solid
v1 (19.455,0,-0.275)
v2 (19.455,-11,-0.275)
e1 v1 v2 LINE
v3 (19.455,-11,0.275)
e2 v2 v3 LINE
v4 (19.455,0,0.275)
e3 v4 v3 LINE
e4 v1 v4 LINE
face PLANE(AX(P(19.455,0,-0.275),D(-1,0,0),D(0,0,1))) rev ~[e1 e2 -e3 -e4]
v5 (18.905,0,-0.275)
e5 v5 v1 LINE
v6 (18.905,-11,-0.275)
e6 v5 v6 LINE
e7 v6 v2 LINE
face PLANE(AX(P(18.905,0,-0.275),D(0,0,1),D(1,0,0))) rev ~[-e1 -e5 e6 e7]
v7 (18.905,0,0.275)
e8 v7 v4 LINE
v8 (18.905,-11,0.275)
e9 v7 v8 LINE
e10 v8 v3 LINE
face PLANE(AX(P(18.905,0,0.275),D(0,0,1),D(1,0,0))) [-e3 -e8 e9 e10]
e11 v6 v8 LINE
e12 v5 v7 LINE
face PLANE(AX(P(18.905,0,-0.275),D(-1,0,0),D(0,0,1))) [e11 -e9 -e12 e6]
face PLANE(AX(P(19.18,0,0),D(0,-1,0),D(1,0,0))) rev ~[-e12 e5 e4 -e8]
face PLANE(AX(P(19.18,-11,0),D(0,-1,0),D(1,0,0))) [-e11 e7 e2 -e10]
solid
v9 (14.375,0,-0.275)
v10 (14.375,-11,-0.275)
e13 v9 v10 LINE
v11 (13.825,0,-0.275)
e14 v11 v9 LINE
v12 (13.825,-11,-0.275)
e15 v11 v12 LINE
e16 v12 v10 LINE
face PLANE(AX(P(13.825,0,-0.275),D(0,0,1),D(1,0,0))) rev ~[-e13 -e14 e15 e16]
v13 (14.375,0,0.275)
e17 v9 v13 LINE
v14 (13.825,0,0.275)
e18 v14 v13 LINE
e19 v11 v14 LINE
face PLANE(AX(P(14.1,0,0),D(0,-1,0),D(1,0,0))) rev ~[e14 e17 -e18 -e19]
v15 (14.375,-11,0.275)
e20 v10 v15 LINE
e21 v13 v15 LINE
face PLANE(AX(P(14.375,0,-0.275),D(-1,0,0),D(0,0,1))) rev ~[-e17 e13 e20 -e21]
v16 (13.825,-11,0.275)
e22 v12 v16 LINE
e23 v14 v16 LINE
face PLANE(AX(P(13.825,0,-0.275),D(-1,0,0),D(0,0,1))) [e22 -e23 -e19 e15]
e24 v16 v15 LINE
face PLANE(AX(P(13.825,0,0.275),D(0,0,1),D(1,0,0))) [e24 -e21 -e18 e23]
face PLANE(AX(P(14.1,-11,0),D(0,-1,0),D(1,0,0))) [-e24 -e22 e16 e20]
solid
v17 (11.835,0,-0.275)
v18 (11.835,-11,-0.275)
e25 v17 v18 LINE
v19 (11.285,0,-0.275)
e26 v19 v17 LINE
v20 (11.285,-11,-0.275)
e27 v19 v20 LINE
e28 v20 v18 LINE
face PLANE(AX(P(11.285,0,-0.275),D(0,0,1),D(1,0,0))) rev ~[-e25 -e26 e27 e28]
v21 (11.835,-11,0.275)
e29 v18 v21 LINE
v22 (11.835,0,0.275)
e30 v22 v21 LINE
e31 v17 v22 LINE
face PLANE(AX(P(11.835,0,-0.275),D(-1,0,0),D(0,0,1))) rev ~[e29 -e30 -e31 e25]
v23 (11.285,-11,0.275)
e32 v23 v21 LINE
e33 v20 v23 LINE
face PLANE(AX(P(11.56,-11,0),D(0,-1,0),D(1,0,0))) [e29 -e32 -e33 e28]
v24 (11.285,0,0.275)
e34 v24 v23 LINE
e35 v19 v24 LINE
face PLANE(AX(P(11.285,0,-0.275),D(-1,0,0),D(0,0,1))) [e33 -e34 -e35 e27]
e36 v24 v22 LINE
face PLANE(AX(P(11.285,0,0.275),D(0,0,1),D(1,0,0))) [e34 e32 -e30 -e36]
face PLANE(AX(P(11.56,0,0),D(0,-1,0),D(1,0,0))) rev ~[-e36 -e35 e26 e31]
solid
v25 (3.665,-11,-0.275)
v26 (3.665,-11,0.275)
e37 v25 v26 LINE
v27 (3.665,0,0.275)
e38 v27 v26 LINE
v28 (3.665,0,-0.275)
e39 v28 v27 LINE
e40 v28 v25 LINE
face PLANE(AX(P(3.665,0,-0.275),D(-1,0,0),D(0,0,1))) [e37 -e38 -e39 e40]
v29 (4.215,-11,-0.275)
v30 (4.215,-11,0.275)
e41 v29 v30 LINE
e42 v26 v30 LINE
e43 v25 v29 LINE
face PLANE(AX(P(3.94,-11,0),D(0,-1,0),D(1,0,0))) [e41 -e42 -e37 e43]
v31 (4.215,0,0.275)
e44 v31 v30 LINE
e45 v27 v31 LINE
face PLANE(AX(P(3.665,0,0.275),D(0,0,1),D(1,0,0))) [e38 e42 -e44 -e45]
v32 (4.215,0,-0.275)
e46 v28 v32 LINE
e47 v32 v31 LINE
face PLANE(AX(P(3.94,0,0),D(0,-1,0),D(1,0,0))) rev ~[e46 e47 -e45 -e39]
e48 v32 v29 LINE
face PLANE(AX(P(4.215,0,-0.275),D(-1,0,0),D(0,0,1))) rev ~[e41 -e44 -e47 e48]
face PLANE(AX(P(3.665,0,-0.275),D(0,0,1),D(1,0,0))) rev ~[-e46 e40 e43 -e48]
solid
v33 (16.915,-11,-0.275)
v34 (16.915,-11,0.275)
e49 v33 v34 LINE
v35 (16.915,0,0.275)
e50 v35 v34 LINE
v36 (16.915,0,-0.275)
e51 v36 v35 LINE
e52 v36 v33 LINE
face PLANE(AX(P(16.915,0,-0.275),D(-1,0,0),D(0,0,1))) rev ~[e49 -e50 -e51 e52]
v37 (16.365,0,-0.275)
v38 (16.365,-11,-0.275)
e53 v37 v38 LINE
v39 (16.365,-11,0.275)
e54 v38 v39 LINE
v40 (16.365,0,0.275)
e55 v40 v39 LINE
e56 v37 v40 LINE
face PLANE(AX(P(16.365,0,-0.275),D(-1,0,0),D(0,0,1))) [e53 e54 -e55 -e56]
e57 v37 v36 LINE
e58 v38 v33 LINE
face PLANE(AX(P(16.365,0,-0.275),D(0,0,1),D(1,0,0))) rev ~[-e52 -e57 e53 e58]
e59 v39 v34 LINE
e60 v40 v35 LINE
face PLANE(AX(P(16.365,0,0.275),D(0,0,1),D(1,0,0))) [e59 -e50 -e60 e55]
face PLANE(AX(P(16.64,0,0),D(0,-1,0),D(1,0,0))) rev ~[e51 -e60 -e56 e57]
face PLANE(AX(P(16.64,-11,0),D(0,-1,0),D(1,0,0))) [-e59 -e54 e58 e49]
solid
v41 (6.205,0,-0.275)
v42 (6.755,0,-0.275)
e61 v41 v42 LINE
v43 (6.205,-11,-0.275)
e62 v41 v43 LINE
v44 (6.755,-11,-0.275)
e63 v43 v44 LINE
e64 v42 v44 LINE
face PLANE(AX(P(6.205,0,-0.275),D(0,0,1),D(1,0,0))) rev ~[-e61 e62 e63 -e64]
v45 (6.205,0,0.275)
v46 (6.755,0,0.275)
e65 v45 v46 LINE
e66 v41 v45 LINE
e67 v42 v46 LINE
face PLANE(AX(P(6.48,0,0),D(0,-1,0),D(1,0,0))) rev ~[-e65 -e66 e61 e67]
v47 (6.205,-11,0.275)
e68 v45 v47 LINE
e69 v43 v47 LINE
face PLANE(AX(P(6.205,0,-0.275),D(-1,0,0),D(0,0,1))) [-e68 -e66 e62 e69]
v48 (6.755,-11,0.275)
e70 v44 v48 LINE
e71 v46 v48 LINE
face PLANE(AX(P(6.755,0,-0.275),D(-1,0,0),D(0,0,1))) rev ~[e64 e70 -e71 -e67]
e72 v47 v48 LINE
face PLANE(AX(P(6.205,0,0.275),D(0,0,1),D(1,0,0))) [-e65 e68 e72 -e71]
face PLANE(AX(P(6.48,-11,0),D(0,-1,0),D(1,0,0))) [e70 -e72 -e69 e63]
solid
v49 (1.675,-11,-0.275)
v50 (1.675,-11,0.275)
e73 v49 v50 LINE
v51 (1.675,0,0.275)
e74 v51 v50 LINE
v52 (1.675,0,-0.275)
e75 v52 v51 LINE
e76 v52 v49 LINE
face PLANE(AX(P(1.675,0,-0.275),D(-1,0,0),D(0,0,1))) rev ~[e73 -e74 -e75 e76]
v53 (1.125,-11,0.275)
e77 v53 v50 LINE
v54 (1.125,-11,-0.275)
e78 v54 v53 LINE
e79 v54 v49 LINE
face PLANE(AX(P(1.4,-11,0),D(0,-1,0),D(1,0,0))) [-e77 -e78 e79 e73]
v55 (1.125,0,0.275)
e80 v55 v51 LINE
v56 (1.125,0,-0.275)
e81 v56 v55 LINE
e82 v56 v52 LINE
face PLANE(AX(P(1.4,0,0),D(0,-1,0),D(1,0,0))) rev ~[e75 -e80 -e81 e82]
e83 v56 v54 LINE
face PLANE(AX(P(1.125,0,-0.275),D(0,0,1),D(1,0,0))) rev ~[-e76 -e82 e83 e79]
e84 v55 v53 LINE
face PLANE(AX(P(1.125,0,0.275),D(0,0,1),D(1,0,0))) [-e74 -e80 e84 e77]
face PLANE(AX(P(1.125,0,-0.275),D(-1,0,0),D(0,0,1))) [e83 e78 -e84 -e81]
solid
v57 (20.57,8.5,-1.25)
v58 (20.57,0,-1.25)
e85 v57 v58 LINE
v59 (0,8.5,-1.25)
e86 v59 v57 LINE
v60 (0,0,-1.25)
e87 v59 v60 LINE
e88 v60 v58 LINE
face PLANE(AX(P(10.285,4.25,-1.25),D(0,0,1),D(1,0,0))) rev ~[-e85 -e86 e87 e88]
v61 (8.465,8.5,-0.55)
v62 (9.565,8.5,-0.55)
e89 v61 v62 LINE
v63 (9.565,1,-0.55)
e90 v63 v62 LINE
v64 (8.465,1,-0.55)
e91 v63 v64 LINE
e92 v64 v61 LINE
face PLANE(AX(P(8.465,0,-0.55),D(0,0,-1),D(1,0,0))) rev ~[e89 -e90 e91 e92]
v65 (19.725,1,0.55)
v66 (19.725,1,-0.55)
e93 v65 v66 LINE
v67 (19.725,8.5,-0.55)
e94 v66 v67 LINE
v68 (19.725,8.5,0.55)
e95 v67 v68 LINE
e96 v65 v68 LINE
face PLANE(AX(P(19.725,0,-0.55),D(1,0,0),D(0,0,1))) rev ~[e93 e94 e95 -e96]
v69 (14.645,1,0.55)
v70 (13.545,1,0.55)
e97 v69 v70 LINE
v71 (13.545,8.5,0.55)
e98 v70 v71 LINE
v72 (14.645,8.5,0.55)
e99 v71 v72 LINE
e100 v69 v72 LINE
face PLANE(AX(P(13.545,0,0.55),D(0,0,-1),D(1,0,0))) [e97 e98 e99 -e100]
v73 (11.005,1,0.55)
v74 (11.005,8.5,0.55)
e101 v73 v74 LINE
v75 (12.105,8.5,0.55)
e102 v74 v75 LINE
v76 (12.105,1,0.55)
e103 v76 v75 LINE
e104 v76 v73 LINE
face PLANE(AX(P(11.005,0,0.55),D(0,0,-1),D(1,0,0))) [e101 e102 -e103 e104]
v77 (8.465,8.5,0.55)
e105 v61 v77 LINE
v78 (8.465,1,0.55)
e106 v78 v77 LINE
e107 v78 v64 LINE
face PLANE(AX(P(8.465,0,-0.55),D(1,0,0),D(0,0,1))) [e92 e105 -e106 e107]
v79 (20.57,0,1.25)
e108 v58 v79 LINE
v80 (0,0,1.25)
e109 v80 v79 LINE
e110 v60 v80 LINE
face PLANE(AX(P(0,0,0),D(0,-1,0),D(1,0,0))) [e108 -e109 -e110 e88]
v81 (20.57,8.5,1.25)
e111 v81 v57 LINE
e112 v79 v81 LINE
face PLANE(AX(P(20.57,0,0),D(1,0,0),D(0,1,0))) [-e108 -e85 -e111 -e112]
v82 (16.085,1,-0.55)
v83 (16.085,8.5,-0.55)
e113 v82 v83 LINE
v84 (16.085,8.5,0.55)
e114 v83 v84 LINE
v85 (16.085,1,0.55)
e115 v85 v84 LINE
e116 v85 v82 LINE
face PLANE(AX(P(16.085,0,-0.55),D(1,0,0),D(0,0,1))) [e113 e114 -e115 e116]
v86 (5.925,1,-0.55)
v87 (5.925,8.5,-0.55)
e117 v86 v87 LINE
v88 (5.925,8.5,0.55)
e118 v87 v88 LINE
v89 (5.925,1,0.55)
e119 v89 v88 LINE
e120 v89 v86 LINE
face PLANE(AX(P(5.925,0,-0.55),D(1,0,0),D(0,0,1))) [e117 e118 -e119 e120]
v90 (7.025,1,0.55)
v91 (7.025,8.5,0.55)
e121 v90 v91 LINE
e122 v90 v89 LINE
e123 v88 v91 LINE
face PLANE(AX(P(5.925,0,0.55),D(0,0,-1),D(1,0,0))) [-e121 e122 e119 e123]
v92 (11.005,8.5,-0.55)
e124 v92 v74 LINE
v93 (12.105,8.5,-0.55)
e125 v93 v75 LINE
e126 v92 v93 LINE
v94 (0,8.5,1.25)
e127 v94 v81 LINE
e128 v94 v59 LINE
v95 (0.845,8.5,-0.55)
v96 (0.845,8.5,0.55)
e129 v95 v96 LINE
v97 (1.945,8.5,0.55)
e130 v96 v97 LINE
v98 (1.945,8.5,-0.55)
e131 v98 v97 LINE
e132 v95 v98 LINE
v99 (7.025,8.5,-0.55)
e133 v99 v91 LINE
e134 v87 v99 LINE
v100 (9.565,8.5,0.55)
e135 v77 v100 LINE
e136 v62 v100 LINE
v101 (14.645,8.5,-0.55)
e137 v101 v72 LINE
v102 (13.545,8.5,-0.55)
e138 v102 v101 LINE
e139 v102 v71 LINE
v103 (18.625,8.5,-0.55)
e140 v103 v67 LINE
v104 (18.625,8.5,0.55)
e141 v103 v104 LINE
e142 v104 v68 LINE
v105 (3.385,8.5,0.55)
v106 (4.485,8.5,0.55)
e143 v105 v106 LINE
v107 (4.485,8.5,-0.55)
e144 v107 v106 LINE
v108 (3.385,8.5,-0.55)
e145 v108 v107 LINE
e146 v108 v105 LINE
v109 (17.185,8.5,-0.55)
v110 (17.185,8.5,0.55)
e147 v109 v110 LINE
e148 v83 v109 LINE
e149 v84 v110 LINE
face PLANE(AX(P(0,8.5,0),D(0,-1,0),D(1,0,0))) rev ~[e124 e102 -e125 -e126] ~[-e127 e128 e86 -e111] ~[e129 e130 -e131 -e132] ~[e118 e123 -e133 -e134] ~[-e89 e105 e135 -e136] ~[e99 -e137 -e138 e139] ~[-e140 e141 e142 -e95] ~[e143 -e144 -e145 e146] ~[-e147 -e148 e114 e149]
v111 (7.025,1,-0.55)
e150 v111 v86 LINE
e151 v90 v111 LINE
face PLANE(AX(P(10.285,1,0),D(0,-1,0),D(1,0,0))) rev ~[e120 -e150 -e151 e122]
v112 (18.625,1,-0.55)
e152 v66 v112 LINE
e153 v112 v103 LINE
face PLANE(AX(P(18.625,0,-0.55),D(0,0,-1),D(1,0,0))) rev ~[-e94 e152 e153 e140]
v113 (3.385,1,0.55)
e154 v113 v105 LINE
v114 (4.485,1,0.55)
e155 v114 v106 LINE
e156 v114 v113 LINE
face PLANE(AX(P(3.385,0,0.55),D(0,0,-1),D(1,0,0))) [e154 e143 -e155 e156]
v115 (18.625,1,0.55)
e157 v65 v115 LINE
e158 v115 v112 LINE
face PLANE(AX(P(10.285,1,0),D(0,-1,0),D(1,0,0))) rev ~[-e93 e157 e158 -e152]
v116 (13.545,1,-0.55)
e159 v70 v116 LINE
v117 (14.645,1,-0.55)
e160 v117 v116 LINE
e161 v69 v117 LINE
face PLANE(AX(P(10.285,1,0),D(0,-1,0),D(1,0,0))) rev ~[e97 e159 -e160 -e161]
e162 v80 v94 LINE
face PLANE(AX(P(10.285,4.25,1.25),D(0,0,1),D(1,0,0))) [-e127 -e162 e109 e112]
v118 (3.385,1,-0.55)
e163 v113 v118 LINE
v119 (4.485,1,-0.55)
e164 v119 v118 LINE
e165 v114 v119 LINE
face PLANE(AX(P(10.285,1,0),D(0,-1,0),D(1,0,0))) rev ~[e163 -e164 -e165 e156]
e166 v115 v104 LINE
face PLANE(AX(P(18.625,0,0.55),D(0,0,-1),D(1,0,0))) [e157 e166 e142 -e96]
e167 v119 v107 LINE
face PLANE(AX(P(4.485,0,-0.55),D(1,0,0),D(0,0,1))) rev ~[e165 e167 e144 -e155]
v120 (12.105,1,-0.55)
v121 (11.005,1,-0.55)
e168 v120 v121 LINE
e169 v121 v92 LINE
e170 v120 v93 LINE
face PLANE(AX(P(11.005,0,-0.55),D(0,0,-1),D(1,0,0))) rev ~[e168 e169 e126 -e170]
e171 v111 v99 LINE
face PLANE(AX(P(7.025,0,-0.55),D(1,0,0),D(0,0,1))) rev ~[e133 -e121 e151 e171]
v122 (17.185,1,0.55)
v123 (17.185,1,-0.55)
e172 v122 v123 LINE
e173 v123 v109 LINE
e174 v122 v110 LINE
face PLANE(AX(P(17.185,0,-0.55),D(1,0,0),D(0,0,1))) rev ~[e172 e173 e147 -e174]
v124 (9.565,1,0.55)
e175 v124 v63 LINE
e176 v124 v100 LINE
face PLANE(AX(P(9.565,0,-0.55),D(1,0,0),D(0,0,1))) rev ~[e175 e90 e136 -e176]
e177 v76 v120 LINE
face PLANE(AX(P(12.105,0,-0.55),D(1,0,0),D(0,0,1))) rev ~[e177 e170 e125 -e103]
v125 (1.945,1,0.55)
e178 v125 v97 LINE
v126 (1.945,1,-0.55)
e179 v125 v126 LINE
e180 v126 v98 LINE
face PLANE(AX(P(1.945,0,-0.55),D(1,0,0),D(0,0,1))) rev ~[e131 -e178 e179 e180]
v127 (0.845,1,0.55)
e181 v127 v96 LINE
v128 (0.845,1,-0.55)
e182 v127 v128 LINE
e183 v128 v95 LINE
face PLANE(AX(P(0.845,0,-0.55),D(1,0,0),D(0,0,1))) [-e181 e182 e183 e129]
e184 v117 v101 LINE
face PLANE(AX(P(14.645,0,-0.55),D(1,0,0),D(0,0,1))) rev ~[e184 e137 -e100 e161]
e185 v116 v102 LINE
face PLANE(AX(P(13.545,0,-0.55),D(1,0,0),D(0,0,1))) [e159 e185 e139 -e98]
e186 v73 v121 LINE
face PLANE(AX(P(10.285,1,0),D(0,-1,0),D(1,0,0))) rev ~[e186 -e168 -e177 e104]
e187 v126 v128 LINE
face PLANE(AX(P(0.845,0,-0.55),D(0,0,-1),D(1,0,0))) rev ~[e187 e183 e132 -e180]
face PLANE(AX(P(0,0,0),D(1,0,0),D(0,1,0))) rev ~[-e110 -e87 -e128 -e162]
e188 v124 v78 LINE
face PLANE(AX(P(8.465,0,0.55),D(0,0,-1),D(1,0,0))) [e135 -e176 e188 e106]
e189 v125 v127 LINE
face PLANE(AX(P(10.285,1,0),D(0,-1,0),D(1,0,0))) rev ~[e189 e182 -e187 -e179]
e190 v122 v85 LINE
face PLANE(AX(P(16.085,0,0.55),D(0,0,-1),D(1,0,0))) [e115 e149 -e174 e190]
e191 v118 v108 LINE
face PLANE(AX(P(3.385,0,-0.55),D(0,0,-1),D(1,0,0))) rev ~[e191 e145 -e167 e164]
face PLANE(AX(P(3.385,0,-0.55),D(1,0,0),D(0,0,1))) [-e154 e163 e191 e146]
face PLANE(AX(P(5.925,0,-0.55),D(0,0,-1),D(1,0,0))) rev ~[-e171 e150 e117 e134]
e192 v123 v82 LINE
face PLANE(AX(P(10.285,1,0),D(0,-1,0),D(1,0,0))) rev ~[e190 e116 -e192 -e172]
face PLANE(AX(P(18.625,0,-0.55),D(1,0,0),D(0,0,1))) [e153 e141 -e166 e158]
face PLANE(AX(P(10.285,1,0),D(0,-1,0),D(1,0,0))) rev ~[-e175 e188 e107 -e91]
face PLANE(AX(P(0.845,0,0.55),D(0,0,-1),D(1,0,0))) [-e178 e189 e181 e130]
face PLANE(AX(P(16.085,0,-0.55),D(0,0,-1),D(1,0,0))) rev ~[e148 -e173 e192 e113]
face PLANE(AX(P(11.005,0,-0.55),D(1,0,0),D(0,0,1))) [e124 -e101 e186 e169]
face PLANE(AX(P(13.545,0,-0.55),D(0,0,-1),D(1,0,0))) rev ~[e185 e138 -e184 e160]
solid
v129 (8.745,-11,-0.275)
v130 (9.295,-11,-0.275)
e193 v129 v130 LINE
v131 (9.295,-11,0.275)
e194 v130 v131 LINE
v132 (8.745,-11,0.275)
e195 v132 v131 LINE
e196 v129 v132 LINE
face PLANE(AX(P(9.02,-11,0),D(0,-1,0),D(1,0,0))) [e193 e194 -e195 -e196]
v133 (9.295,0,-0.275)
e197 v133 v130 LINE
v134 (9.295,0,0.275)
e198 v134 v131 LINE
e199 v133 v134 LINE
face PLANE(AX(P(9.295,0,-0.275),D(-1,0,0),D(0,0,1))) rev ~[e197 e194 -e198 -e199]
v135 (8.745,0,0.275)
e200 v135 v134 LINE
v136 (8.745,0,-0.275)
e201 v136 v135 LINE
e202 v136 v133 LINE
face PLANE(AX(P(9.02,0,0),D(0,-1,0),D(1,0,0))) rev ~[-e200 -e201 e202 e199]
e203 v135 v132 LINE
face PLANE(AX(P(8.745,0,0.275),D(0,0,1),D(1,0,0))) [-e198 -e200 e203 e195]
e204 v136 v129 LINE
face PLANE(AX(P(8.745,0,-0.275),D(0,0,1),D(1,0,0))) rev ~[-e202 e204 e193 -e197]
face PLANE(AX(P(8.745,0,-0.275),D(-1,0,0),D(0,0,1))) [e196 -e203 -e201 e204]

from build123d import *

# Parameters (mm, degrees)
SKETCH1_W             = 20.57
SKETCH1_H             = 8.5
BOSS_EXTRUDE1_DEPTH   = 1.25
SKETCH2_W             = 1.1
SKETCH2_H             = 1.1
CUT_EXTRUDE1_DEPTH    = 9.5
SKETCH3_W             = 20.57
SKETCH3_H             = 2.5
BOSS_EXTRUDE2_DEPTH   = 1
SKETCH4_W             = 0.55
SKETCH4_H             = 0.55
BOSS_EXTRUDE3_DEPTH   = 11
BOSS_EXTRUDE3_2_DEPTH = 11
BOSS_EXTRUDE3_3_DEPTH = 11
BOSS_EXTRUDE3_4_DEPTH = 11
BOSS_EXTRUDE3_5_DEPTH = 11
BOSS_EXTRUDE3_6_DEPTH = 11
BOSS_EXTRUDE3_7_DEPTH = 11
BOSS_EXTRUDE3_8_DEPTH = 11


with BuildPart() as part:
    # Sketch1 → Boss-Extrude1 (new body, symmetric)
    with BuildSketch(Plane.XY):
        with Locations((10.285, 4.25)):
            Rectangle(SKETCH1_W, SKETCH1_H)
    extrude(amount=BOSS_EXTRUDE1_DEPTH, both=True)

    # Sketch2 → Cut-Extrude1 (cut, through all)
    with BuildSketch(Plane.XZ):
        with Locations((3.935, 0)):
            Rectangle(SKETCH2_W, SKETCH2_H)
        with Locations((1.395, 0)):
            Rectangle(SKETCH2_W, SKETCH2_H)
        with Locations((6.475, 0)):
            Rectangle(SKETCH2_W, SKETCH2_H)
        with Locations((9.015, 0)):
            Rectangle(SKETCH2_W, SKETCH2_H)
        with Locations((11.555, 0)):
            Rectangle(SKETCH2_W, SKETCH2_H)
        with Locations((14.095, 0)):
            Rectangle(SKETCH2_W, SKETCH2_H)
        with Locations((16.635, 0)):
            Rectangle(SKETCH2_W, SKETCH2_H)
        with Locations((19.175, 0)):
            Rectangle(SKETCH2_W, SKETCH2_H)
    extrude(amount=-CUT_EXTRUDE1_DEPTH, mode=Mode.SUBTRACT)

    # Sketch3 → Boss-Extrude2 (add)
    with BuildSketch(Plane.XZ):
        with Locations((10.285, 0)):
            Rectangle(SKETCH3_W, SKETCH3_H)
    extrude(amount=-BOSS_EXTRUDE2_DEPTH)


with BuildPart() as body_2:
    # Sketch4 → Boss-Extrude3 (new body)
    with BuildSketch(Plane.XZ):
        with Locations((1.4, 0)):
            Rectangle(SKETCH4_W, SKETCH4_H)
    extrude(amount=BOSS_EXTRUDE3_DEPTH)


with BuildPart() as body_3:
    # Sketch4 → Boss-Extrude3 2 (new body)
    with BuildSketch(Plane.XZ):
        with Locations((3.94, 0)):
            Rectangle(SKETCH4_W, SKETCH4_H)
    extrude(amount=BOSS_EXTRUDE3_2_DEPTH)


with BuildPart() as body_4:
    # Sketch4 → Boss-Extrude3 3 (new body)
    with BuildSketch(Plane.XZ):
        with Locations((6.48, 0)):
            Rectangle(SKETCH4_W, SKETCH4_H)
    extrude(amount=BOSS_EXTRUDE3_3_DEPTH)


with BuildPart() as body_5:
    # Sketch4 → Boss-Extrude3 4 (new body)
    with BuildSketch(Plane.XZ):
        with Locations((9.02, 0)):
            Rectangle(SKETCH4_W, SKETCH4_H)
    extrude(amount=BOSS_EXTRUDE3_4_DEPTH)


with BuildPart() as body_6:
    # Sketch4 → Boss-Extrude3 5 (new body)
    with BuildSketch(Plane.XZ):
        with Locations((11.56, 0)):
            Rectangle(SKETCH4_W, SKETCH4_H)
    extrude(amount=BOSS_EXTRUDE3_5_DEPTH)


with BuildPart() as body_7:
    # Sketch4 → Boss-Extrude3 6 (new body)
    with BuildSketch(Plane.XZ):
        with Locations((14.1, 0)):
            Rectangle(SKETCH4_W, SKETCH4_H)
    extrude(amount=BOSS_EXTRUDE3_6_DEPTH)


with BuildPart() as body_8:
    # Sketch4 → Boss-Extrude3 7 (new body)
    with BuildSketch(Plane.XZ):
        with Locations((16.64, 0)):
            Rectangle(SKETCH4_W, SKETCH4_H)
    extrude(amount=BOSS_EXTRUDE3_7_DEPTH)


with BuildPart() as body_9:
    # Sketch4 → Boss-Extrude3 8 (new body)
    with BuildSketch(Plane.XZ):
        with Locations((19.18, 0)):
            Rectangle(SKETCH4_W, SKETCH4_H)
    extrude(amount=BOSS_EXTRUDE3_8_DEPTH)


solid = Compound([part.part, body_2.part, body_3.part, body_4.part, body_5.part, body_6.part, body_7.part, body_8.part, body_9.part])
